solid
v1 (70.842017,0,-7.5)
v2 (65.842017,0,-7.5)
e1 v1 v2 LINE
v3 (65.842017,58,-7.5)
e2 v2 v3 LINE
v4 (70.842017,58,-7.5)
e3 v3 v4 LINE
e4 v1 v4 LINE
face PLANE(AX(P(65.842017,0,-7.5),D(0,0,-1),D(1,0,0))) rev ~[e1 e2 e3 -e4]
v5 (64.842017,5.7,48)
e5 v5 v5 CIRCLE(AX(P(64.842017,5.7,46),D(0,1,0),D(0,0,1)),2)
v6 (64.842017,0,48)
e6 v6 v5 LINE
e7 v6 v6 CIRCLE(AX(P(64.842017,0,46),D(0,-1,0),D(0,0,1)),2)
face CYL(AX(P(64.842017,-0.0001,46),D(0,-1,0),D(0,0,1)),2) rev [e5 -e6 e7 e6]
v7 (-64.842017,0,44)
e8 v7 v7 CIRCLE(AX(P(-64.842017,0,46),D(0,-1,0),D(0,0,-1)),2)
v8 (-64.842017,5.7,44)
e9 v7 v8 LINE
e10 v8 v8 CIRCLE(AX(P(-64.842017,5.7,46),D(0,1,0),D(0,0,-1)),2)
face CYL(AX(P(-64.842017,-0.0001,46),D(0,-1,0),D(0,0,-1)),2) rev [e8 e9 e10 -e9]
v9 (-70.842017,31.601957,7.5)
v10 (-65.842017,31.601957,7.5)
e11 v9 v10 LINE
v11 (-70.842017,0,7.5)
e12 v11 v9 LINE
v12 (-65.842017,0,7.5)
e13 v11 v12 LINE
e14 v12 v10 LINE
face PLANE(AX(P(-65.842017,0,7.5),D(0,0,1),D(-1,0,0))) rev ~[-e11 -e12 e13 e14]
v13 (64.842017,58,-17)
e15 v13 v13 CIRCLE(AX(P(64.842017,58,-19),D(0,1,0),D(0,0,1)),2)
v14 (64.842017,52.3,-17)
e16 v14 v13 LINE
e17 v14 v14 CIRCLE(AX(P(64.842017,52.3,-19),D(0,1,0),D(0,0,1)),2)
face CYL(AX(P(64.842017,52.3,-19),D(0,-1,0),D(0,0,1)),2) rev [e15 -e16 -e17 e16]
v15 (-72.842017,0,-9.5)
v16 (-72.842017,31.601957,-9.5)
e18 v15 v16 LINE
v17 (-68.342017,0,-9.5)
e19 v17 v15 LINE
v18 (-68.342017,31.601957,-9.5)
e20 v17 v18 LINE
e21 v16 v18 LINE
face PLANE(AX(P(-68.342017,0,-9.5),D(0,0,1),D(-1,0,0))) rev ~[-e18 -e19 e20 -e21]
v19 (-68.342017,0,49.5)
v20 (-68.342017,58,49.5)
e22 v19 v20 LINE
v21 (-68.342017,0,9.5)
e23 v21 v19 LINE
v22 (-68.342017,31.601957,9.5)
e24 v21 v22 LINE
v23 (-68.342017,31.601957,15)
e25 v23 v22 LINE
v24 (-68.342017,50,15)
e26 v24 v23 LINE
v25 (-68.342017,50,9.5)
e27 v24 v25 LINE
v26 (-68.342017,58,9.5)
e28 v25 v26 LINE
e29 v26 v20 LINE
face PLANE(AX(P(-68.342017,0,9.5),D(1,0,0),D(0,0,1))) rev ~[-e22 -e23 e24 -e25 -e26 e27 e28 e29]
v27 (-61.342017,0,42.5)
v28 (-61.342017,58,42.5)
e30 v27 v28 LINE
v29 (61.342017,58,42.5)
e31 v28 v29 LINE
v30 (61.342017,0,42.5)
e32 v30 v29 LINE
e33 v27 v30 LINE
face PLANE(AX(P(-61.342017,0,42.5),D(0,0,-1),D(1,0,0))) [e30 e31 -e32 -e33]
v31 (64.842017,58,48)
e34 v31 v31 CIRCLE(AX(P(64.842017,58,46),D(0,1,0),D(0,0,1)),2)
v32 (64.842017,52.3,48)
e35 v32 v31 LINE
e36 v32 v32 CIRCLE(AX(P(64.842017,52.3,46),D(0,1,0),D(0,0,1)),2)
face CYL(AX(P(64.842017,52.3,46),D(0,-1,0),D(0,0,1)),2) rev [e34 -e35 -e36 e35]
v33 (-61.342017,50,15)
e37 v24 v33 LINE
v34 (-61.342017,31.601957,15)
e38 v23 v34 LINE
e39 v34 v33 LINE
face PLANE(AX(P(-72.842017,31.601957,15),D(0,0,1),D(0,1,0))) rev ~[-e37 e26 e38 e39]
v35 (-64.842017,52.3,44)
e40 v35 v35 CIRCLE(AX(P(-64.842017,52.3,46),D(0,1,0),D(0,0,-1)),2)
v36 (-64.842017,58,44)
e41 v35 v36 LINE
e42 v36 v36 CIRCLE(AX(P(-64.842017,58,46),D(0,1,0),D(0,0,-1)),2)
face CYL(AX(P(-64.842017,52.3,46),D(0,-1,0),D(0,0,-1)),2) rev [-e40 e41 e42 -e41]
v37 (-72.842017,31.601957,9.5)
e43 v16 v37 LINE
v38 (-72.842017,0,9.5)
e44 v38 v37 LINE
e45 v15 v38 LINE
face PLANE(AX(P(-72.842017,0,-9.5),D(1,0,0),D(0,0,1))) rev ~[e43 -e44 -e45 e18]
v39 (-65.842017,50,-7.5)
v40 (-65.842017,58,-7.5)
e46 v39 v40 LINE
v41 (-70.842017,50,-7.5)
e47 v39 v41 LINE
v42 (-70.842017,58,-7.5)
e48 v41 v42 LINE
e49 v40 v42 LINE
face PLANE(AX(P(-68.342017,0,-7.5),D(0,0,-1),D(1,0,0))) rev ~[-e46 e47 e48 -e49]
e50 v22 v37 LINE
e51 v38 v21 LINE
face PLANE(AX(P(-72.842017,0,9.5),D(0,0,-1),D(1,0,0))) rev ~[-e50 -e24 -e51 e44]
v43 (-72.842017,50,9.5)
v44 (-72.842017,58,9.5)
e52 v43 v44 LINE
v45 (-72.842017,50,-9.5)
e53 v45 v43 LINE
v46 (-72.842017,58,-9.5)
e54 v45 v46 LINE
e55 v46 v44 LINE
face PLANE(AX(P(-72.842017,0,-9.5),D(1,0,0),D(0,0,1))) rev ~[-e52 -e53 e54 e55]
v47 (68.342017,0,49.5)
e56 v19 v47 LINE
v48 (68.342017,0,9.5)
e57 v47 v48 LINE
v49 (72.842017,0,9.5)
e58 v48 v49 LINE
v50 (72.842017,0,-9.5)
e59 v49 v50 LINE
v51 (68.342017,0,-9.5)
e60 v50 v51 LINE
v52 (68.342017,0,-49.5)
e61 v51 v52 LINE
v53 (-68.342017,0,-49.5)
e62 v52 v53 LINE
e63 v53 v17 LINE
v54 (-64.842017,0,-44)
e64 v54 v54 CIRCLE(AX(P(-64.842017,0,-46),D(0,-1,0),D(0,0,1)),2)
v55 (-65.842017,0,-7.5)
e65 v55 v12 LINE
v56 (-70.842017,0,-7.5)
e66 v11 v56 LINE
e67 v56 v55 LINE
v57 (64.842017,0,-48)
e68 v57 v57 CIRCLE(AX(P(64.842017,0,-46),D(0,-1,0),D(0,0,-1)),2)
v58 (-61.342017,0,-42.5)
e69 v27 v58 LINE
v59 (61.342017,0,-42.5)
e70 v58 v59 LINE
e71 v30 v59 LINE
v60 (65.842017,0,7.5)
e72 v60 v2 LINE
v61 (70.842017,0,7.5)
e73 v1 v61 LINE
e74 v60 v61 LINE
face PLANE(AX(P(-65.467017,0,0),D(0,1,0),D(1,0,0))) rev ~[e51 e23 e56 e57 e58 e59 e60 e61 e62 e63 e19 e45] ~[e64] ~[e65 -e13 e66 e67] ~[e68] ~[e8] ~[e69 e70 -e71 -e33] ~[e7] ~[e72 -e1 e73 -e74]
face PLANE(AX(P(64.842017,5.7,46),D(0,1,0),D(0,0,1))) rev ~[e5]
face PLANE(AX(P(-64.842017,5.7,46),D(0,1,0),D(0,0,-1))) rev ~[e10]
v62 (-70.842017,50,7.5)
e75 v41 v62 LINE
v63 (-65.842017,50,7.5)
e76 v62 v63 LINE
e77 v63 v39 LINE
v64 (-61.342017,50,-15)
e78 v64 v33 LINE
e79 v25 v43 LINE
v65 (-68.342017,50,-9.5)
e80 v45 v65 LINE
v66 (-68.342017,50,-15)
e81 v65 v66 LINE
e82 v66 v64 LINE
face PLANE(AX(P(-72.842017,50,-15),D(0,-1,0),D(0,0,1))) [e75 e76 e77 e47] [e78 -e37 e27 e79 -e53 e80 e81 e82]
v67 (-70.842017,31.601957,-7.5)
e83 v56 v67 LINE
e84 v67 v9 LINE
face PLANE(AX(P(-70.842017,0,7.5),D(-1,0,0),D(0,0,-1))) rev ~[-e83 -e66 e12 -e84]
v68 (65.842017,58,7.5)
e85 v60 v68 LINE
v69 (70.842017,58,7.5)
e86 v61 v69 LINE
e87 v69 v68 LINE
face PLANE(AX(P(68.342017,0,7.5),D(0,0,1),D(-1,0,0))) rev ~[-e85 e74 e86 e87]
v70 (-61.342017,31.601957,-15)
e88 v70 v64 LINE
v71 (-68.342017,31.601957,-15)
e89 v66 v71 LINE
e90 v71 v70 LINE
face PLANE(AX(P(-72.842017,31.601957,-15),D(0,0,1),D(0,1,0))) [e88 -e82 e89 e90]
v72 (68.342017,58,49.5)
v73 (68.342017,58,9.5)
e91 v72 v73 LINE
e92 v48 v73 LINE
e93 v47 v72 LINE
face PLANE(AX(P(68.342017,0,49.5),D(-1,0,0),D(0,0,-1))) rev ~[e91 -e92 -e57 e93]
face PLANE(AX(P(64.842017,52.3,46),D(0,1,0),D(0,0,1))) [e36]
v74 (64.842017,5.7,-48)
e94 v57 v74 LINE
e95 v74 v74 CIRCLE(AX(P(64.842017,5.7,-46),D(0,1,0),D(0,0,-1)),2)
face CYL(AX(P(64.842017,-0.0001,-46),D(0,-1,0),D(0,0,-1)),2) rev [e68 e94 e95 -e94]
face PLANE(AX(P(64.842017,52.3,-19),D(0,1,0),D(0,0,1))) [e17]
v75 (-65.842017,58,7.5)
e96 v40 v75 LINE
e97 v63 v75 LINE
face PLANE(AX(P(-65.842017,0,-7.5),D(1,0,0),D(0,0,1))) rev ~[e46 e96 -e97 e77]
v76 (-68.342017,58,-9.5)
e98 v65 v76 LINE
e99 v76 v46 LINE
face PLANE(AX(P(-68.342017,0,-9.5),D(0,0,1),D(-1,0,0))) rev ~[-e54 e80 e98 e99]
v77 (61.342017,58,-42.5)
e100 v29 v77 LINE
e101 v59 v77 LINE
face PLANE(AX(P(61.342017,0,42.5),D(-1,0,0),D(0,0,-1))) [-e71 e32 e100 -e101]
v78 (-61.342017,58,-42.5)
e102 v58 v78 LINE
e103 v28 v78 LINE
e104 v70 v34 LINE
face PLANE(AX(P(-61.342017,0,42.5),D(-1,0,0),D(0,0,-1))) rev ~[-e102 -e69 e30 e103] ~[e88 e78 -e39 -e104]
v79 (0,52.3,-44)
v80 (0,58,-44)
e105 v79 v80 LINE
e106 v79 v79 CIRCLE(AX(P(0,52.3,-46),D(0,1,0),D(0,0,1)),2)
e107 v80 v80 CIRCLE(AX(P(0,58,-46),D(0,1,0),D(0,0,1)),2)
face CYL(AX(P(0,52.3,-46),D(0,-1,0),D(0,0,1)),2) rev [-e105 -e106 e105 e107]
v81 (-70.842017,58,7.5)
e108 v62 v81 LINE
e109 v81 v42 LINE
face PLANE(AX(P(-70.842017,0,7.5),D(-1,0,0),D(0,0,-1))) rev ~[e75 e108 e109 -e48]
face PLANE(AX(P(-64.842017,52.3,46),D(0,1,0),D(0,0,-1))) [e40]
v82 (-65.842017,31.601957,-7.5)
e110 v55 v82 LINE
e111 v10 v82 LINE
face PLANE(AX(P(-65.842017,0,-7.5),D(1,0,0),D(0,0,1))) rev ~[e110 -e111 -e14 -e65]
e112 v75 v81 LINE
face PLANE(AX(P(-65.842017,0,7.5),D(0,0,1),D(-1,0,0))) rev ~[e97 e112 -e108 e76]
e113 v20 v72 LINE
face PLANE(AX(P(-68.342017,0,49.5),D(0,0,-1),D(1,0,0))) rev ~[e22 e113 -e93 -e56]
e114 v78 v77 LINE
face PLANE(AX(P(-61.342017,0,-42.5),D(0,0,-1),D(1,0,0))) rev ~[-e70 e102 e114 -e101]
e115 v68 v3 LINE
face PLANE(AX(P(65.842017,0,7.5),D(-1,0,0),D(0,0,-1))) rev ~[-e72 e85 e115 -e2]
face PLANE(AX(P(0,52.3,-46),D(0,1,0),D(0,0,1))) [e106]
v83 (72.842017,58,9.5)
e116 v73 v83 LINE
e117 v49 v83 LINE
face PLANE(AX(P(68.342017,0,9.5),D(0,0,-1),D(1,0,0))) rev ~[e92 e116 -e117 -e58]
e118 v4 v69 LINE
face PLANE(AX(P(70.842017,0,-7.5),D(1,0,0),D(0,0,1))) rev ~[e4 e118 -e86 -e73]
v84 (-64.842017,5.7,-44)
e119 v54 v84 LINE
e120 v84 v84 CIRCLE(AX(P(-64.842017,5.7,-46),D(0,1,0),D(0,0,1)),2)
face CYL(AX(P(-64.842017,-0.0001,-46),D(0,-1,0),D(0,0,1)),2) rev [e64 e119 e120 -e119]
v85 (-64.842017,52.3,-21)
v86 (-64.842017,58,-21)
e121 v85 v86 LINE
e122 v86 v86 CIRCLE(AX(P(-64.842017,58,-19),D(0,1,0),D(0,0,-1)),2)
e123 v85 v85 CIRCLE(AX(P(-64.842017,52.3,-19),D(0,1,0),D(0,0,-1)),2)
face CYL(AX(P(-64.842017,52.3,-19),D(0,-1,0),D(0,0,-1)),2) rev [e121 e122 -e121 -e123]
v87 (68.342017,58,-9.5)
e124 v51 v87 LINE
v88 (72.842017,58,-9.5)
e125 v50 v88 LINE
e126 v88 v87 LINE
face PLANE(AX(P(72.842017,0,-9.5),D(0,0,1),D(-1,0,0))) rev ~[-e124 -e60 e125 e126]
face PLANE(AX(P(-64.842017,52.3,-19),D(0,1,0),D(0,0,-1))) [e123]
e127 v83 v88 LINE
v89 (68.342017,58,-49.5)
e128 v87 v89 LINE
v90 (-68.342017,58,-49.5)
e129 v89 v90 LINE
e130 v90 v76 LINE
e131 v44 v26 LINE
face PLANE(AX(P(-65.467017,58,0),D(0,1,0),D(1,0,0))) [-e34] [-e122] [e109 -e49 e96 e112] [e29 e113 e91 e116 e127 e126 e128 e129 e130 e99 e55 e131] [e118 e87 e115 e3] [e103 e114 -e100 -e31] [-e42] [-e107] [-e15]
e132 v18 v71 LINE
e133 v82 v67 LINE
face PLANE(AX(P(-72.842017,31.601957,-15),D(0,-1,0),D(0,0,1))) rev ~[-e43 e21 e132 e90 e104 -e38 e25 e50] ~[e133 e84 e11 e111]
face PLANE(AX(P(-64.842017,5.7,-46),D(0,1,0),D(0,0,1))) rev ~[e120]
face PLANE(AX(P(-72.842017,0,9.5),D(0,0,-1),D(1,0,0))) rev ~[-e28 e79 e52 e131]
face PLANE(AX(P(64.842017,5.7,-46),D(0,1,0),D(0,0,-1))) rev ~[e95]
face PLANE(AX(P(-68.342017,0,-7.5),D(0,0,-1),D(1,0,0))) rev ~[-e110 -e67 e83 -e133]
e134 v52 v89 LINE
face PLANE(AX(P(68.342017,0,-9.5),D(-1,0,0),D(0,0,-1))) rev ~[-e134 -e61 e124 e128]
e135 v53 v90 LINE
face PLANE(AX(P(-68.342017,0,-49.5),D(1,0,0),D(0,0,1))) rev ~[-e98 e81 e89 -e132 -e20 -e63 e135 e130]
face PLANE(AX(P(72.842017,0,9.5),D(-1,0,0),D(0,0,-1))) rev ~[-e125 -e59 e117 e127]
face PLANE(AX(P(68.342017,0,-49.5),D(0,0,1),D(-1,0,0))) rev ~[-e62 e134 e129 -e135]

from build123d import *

# Parameters (mm, degrees)
SKETCH1_W               = 122.684034766
SKETCH1_H               = 85
BOSS_EXTRUDE1_DEPTH     = 58
SKETCH2_W               = 30
SKETCH2_H               = 18.398042608
CUT_EXTRUDE1_DEPTH      = 11.5
CUT_EXTRUDE3_DEPTH      = 5.7
CUT_EXTRUDE3_DEPTH_BACK = 0.0001
SKETCH3_R               = 2
CUT_EXTRUDE4_START      = -5.7
SKETCH5_R               = 2
CUT_EXTRUDE4_DEPTH      = 5.7


with BuildPart() as part:
    # Sketch1 → Boss-Extrude1 (new body)
    # profile 1 of 5: a face of its own
    with BuildSketch(Plane(origin=(0, 0, 0), x_dir=(1, 0, 0), z_dir=(0, 1, 0))):
        Polygon((-68.342017383, -9.5), (-68.342017383, -49.5), (68.342017383, -49.5), (68.342017383, -9.5), (63.842017383, -9.5), (63.842017383, 9.5), (68.342017383, 9.5), (68.342017383, 49.5), (-68.342017383, 49.5), (-68.342017383, 9.5), (-63.842017383, 9.5), (-63.842017383, -9.5), align=None)
        Rectangle(SKETCH1_W, SKETCH1_H, mode=Mode.SUBTRACT)
    # profile 2 of 5: a face of its own
    with BuildSketch(Plane(origin=(0, 0, 0), x_dir=(1, 0, 0), z_dir=(0, 1, 0))):
        Polygon((63.842017383, -9.5), (68.342017383, -9.5), (68.342017383, -7.5), (65.842017383, -7.5), (65.842017383, 7.5), (68.342017383, 7.5), (68.342017383, 9.5), (63.842017383, 9.5), align=None)
    # profile 3 of 5: a face of its own
    with BuildSketch(Plane(origin=(0, 0, 0), x_dir=(1, 0, 0), z_dir=(0, 1, 0))):
        Polygon((68.342017383, -7.5), (68.342017383, -9.5), (72.842017383, -9.5), (72.842017383, 9.5), (68.342017383, 9.5), (68.342017383, 7.5), (70.842017383, 7.5), (70.842017383, -7.5), align=None)
    # profile 4 of 5: a face of its own
    with BuildSketch(Plane(origin=(0, 0, 0), x_dir=(1, 0, 0), z_dir=(0, 1, 0))):
        Polygon((-72.842017383, -9.5), (-68.342017383, -9.5), (-68.342017383, -7.5), (-70.842017383, -7.5), (-70.842017383, 7.5), (-68.342017383, 7.5), (-68.342017383, 9.5), (-72.842017383, 9.5), align=None)
    # profile 5 of 5: a face of its own
    with BuildSketch(Plane(origin=(0, 0, 0), x_dir=(1, 0, 0), z_dir=(0, 1, 0))):
        Polygon((-68.342017383, -7.5), (-68.342017383, -9.5), (-63.842017383, -9.5), (-63.842017383, 9.5), (-68.342017383, 9.5), (-68.342017383, 7.5), (-65.842017383, 7.5), (-65.842017383, -7.5), align=None)
    extrude(amount=BOSS_EXTRUDE1_DEPTH)

    # Sketch2 → Cut-Extrude1 (cut)
    with BuildSketch(Plane.ZY.offset(72.842017383)):
        with Locations((0, 40.800978696)):
            Rectangle(SKETCH2_W, SKETCH2_H)
    extrude(amount=-CUT_EXTRUDE1_DEPTH, mode=Mode.SUBTRACT)

    # Sketch3 → Cut-Extrude3 (cut, two sides: drawn at the far end of the back side and taken through both)
    with BuildSketch(Plane(origin=(0, 0, 0), x_dir=(1, 0, 0), z_dir=(0, 1, 0)).offset(-CUT_EXTRUDE3_DEPTH_BACK)):
        with Locations(Location((64.842017383, -46, 0), (0, 0, 270))):
            Circle(SKETCH3_R)
        with Locations(Location((64.842017383, 46, 0), (0, 0, 90))):
            Circle(SKETCH3_R)
        with Locations(Location((-64.842017383, 46, 0), (0, 0, 270))):
            Circle(SKETCH3_R)
        with Locations(Location((-64.842017383, -46, 0), (0, 0, 90))):
            Circle(SKETCH3_R)
    extrude(amount=CUT_EXTRUDE3_DEPTH + CUT_EXTRUDE3_DEPTH_BACK, mode=Mode.SUBTRACT)

    # Sketch5 → Cut-Extrude4 (cut)
    with BuildSketch(Plane(origin=(0, 58, 0), x_dir=(1, 0, 0), z_dir=(0, 1, 0)).offset(CUT_EXTRUDE4_START)):
        with Locations(Location((-64.842017383, -46, 0), (0, 0, 90))):
            Circle(SKETCH5_R)
        with Locations(Location((64.842017383, -46, 0), (0, 0, 270))):
            Circle(SKETCH5_R)
        with Locations(Location((64.842017383, 19, 0), (0, 0, 270))):
            Circle(SKETCH5_R)
        with Locations(Location((-64.842017383, 19, 0), (0, 0, 90))):
            Circle(SKETCH5_R)
        with Locations(Location((0, 46, 0), (0, 0, 270))):
            Circle(SKETCH5_R)
    extrude(amount=CUT_EXTRUDE4_DEPTH, mode=Mode.SUBTRACT)


solid = part.part
